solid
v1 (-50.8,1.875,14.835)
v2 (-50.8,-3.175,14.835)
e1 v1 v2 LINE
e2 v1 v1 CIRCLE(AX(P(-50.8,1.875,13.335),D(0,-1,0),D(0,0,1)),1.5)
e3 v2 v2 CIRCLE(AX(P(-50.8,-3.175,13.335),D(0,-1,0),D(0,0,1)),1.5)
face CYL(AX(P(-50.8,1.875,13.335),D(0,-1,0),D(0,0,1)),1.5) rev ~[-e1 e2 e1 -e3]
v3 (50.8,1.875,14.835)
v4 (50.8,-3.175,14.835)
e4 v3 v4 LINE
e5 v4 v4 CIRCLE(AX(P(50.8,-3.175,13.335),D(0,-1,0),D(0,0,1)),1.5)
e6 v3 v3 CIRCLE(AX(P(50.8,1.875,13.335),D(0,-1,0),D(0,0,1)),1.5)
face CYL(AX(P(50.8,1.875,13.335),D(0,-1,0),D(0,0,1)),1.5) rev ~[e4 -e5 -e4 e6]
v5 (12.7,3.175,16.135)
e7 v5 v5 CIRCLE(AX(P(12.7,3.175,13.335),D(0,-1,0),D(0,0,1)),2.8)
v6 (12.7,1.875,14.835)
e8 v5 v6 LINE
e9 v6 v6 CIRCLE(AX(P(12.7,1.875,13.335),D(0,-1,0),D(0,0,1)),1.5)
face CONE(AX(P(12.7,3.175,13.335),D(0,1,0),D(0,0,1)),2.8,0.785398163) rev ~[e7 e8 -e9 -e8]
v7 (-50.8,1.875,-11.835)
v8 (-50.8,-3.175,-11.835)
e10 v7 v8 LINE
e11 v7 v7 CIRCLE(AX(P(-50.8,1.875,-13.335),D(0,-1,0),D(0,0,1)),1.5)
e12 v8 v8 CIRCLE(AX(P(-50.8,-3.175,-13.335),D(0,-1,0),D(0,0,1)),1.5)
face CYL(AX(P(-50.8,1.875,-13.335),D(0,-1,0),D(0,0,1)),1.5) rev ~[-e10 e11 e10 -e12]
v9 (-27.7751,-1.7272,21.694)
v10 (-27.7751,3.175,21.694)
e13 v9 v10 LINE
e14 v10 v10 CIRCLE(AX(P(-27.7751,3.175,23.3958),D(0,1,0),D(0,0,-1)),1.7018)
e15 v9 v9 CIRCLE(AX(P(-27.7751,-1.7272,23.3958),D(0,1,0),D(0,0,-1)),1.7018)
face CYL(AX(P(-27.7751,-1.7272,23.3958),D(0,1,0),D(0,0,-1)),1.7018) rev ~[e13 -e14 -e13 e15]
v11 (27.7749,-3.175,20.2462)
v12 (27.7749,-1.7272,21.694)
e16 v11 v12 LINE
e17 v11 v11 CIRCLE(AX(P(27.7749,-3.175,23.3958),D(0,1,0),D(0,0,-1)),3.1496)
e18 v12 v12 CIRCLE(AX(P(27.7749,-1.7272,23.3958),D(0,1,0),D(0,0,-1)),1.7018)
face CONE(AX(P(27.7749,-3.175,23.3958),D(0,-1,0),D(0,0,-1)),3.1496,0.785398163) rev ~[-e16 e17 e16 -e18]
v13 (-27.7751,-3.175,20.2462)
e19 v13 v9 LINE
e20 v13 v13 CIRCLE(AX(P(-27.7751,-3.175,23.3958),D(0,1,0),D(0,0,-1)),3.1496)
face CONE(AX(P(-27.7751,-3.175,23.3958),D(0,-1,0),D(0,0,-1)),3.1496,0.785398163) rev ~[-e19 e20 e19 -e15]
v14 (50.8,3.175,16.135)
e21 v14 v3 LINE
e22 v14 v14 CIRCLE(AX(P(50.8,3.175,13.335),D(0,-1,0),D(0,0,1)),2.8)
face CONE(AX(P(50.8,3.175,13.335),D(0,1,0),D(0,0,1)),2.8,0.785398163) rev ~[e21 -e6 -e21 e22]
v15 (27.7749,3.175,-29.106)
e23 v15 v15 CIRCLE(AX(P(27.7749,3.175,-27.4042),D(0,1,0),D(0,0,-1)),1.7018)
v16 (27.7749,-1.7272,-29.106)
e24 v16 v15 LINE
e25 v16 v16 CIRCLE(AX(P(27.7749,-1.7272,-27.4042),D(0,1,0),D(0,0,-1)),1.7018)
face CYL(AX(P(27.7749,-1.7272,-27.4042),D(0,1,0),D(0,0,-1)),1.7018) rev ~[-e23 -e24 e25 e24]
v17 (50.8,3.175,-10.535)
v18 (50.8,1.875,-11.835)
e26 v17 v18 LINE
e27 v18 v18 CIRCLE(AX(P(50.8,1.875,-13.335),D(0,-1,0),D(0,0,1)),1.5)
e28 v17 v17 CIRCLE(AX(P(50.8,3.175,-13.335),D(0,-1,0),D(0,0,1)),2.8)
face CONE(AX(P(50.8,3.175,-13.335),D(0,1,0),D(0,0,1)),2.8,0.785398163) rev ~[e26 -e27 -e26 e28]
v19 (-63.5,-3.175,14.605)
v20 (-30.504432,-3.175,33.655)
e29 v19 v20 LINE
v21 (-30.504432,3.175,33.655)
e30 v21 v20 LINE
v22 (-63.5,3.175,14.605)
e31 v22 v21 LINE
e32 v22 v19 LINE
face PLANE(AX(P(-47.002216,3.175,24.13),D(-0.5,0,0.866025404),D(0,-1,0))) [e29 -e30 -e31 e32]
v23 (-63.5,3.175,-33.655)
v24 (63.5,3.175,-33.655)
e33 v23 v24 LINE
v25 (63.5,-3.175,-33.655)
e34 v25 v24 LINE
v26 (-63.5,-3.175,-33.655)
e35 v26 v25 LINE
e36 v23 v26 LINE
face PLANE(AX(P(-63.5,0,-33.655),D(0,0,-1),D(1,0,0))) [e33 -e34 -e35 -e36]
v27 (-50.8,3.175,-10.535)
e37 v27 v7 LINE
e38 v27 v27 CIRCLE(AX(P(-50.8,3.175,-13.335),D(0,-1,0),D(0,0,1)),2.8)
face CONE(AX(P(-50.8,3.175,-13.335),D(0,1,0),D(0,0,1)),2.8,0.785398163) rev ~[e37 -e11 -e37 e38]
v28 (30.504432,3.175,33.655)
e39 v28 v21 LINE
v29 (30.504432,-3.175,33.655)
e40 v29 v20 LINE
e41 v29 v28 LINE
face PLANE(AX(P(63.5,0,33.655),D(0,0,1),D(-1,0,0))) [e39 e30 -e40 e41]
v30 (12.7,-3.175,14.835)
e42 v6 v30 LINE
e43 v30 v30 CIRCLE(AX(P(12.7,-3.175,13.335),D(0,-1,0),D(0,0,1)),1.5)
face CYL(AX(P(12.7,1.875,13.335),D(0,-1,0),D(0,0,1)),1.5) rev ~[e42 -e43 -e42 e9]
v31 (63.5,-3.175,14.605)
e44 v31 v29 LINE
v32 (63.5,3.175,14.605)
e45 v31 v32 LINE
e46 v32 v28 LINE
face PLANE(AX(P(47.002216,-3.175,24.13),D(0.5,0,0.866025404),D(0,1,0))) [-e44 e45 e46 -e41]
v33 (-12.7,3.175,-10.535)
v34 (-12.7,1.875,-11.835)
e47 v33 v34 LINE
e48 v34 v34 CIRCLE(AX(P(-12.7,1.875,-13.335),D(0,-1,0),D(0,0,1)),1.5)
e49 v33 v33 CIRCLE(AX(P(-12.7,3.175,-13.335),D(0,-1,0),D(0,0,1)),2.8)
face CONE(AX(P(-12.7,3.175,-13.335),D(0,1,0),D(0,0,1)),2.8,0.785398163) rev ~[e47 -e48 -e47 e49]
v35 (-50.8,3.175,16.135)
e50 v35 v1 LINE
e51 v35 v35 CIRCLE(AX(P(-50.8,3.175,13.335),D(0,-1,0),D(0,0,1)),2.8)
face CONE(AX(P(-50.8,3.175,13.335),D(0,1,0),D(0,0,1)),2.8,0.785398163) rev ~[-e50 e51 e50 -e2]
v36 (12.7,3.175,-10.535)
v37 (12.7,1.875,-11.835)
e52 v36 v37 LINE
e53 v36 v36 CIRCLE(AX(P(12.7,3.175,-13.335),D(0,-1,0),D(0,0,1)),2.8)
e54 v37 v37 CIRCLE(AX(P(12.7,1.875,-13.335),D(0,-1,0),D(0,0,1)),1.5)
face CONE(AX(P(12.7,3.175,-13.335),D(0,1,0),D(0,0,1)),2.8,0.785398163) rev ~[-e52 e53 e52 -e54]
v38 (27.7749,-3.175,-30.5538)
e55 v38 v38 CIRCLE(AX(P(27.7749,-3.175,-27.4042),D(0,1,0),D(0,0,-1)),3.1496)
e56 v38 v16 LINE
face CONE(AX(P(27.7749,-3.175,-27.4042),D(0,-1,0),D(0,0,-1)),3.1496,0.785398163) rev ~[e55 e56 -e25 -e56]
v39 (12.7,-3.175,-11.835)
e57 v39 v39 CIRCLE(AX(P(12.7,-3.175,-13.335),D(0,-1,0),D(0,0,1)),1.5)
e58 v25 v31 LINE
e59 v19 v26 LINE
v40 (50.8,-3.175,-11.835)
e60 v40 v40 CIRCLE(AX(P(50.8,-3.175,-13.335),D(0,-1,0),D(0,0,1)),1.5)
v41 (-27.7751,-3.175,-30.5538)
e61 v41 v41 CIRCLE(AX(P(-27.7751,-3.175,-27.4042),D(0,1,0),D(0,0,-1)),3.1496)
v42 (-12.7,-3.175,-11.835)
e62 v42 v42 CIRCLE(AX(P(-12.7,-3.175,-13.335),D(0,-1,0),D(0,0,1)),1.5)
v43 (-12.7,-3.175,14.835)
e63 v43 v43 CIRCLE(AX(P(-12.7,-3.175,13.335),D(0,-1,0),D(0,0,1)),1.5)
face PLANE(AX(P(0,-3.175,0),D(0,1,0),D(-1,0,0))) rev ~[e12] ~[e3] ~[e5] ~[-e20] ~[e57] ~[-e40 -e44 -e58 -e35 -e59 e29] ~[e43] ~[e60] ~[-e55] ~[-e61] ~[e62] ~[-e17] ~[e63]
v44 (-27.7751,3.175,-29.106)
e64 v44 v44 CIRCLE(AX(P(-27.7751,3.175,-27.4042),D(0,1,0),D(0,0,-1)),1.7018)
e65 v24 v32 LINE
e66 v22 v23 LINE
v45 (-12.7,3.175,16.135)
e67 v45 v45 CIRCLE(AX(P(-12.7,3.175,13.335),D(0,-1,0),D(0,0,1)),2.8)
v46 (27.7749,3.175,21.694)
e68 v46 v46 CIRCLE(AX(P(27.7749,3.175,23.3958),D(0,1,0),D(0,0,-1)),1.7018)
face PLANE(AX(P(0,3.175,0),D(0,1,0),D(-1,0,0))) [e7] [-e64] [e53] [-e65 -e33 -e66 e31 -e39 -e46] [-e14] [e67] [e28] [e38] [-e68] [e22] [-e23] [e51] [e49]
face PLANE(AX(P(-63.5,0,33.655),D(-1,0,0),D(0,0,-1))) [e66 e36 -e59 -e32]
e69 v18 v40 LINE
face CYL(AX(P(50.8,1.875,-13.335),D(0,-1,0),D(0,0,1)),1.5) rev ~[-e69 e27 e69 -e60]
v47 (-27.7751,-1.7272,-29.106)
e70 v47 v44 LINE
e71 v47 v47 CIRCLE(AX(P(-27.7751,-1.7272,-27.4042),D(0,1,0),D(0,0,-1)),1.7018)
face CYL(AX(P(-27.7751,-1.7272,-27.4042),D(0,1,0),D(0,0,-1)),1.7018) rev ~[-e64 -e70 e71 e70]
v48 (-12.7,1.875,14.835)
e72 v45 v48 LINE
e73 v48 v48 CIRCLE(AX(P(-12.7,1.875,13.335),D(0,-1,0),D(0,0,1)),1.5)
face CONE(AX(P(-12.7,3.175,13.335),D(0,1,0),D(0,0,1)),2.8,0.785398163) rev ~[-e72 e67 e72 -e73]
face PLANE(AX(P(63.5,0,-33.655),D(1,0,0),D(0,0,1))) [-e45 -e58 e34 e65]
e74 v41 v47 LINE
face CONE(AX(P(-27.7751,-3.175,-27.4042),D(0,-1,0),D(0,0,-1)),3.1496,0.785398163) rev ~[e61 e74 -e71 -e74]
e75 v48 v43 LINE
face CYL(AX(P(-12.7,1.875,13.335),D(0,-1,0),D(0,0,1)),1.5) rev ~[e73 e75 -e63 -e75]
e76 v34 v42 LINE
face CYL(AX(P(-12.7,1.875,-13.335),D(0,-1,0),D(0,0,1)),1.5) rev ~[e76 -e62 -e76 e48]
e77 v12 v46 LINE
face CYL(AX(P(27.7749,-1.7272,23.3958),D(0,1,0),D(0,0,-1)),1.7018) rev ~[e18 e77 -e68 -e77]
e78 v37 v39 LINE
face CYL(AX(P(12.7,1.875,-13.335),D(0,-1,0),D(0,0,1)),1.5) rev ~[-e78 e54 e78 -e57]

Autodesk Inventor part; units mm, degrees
ref_plane "YZ Plane" through (0, 0, 0) normal (1, 0, 0) x (0, 1, 0)
ref_plane "XZ Plane" through (0, 0, 0) normal (0, 1, 0) x (-1, 0, 0)
ref_plane "XY Plane" through (0, 0, 0) normal (0, 0, 1) x (1, 0, 0)
sketch "Sketch1" plane through (0, 0, 0) normal (0, 1, 0) x (-1, 0, 0)
  line L0 (-63.5, 33.655) -> (63.5, 33.655)
  line L1 (63.5, 33.655) -> (63.5, -33.655)
  line L2 (63.5, -33.655) -> (-63.5, -33.655)
  line L3 (-63.5, -33.655) -> (-63.5, 33.655)
  line L4 (-63.5, 33.655) -> (63.5, -33.655) construction
  line L5 (63.5, 33.655) -> (-63.5, -33.655) construction
  point P0 (0, 0)
  dimension "d0" = 127
  dimension "d1" = 67.31
extrude "Extrusion1" add sketch "Sketch1" along normal mid plane 6.35
sketch "Sketch4" plane through (0, 3.175, 0) normal (0, 1, 0) x (1, 0, 0)
  line L0 (63.5, 33.655) -> (-63.5, 33.655) projected
  line L1 (-63.5, -33.655) -> (63.5, -33.655) projected
  line L2 (-63.5, 33.655) -> (-63.5, -33.655) projected
  line L3 (63.5, -33.655) -> (63.5, 33.655) projected
  point P0 (0, 0)
  point P1 (-50.8, 13.335)
  point P2 (-50.8, -13.335)
  point P3 (-12.7, 13.335)
  point P4 (-12.7, -13.335)
  point P5 (12.7, 13.335)
  point P6 (12.7, -13.335)
  point P7 (50.8, 13.335)
  point P8 (50.8, -13.335)
  point P9 (-50.8, -33.655)
  point P10 (50.8, -33.655)
  point P11 (-63.5, -20.955)
  point P12 (63.5, -20.955)
  dimension "d24" = 20.32
  dimension "d25" = 20.32
  dimension "d26" = 12.7
  dimension "d27" = 12.7
  dimension "d28" = 50.8
  dimension "d29" = 50.8
hole "Hole2" at (-50.8, 3.175, -13.335) at (-50.8, 3.175, 13.335) at (-12.7, 3.175, -13.335) at (-12.7, 3.175, 13.335) at (12.7, 3.175, -13.335) at (12.7, 3.175, 13.335) at (50.8, 3.175, -13.335) at (50.8, 3.175, 13.335) direction (0, -1, 0) diameter 3 depth 25.4 tip angle 118 countersink diameter 5.6 countersink angle 90
chamfer "Chamfer1" distance 19.05 angle 60 1 edges at (-63.5, 0, 33.655) measured on face at (-63.5, -1.0583, 11.2183)
sketch "Sketch5" plane through (0, -3.175, 0) normal (0, -1, 0) x (1, 0, 0)
  circle A0 centre (-27.7751, 23.3958) radius 1.7018 projected
  circle A1 centre (27.7749, 23.3958) radius 1.7018 projected
  circle A2 centre (27.7749, -27.4042) radius 1.7018 projected
  circle A3 centre (-27.7751, -27.4042) radius 1.7018 projected
  point P0 (0, 0)
hole "Hole3" at (-27.7751, -3.175, 23.3958) at (27.7749, -3.175, 23.3958) at (27.7749, -3.175, -27.4042) at (-27.7751, -3.175, -27.4042) direction (0, 1, 0) diameter 3.4036 end through all countersink diameter 6.2992 countersink angle 90 clearance for "Flat Head Machine Screw" size "M3" standard "Ansi Metric M Profile"
chamfer "Chamfer2" distance 19.05 angle 60 1 edges at (63.5, 0, 33.655) measured on face at (63.5, 1.0583, 11.2183)
equation "\"d25\" = d24"
equation "\"d27\" = d26"
equation "\"d28\" = d29"
properties part number "DPLX_P035 Spark Gap Shielding Middle" material "Polyethylene, High Density"
